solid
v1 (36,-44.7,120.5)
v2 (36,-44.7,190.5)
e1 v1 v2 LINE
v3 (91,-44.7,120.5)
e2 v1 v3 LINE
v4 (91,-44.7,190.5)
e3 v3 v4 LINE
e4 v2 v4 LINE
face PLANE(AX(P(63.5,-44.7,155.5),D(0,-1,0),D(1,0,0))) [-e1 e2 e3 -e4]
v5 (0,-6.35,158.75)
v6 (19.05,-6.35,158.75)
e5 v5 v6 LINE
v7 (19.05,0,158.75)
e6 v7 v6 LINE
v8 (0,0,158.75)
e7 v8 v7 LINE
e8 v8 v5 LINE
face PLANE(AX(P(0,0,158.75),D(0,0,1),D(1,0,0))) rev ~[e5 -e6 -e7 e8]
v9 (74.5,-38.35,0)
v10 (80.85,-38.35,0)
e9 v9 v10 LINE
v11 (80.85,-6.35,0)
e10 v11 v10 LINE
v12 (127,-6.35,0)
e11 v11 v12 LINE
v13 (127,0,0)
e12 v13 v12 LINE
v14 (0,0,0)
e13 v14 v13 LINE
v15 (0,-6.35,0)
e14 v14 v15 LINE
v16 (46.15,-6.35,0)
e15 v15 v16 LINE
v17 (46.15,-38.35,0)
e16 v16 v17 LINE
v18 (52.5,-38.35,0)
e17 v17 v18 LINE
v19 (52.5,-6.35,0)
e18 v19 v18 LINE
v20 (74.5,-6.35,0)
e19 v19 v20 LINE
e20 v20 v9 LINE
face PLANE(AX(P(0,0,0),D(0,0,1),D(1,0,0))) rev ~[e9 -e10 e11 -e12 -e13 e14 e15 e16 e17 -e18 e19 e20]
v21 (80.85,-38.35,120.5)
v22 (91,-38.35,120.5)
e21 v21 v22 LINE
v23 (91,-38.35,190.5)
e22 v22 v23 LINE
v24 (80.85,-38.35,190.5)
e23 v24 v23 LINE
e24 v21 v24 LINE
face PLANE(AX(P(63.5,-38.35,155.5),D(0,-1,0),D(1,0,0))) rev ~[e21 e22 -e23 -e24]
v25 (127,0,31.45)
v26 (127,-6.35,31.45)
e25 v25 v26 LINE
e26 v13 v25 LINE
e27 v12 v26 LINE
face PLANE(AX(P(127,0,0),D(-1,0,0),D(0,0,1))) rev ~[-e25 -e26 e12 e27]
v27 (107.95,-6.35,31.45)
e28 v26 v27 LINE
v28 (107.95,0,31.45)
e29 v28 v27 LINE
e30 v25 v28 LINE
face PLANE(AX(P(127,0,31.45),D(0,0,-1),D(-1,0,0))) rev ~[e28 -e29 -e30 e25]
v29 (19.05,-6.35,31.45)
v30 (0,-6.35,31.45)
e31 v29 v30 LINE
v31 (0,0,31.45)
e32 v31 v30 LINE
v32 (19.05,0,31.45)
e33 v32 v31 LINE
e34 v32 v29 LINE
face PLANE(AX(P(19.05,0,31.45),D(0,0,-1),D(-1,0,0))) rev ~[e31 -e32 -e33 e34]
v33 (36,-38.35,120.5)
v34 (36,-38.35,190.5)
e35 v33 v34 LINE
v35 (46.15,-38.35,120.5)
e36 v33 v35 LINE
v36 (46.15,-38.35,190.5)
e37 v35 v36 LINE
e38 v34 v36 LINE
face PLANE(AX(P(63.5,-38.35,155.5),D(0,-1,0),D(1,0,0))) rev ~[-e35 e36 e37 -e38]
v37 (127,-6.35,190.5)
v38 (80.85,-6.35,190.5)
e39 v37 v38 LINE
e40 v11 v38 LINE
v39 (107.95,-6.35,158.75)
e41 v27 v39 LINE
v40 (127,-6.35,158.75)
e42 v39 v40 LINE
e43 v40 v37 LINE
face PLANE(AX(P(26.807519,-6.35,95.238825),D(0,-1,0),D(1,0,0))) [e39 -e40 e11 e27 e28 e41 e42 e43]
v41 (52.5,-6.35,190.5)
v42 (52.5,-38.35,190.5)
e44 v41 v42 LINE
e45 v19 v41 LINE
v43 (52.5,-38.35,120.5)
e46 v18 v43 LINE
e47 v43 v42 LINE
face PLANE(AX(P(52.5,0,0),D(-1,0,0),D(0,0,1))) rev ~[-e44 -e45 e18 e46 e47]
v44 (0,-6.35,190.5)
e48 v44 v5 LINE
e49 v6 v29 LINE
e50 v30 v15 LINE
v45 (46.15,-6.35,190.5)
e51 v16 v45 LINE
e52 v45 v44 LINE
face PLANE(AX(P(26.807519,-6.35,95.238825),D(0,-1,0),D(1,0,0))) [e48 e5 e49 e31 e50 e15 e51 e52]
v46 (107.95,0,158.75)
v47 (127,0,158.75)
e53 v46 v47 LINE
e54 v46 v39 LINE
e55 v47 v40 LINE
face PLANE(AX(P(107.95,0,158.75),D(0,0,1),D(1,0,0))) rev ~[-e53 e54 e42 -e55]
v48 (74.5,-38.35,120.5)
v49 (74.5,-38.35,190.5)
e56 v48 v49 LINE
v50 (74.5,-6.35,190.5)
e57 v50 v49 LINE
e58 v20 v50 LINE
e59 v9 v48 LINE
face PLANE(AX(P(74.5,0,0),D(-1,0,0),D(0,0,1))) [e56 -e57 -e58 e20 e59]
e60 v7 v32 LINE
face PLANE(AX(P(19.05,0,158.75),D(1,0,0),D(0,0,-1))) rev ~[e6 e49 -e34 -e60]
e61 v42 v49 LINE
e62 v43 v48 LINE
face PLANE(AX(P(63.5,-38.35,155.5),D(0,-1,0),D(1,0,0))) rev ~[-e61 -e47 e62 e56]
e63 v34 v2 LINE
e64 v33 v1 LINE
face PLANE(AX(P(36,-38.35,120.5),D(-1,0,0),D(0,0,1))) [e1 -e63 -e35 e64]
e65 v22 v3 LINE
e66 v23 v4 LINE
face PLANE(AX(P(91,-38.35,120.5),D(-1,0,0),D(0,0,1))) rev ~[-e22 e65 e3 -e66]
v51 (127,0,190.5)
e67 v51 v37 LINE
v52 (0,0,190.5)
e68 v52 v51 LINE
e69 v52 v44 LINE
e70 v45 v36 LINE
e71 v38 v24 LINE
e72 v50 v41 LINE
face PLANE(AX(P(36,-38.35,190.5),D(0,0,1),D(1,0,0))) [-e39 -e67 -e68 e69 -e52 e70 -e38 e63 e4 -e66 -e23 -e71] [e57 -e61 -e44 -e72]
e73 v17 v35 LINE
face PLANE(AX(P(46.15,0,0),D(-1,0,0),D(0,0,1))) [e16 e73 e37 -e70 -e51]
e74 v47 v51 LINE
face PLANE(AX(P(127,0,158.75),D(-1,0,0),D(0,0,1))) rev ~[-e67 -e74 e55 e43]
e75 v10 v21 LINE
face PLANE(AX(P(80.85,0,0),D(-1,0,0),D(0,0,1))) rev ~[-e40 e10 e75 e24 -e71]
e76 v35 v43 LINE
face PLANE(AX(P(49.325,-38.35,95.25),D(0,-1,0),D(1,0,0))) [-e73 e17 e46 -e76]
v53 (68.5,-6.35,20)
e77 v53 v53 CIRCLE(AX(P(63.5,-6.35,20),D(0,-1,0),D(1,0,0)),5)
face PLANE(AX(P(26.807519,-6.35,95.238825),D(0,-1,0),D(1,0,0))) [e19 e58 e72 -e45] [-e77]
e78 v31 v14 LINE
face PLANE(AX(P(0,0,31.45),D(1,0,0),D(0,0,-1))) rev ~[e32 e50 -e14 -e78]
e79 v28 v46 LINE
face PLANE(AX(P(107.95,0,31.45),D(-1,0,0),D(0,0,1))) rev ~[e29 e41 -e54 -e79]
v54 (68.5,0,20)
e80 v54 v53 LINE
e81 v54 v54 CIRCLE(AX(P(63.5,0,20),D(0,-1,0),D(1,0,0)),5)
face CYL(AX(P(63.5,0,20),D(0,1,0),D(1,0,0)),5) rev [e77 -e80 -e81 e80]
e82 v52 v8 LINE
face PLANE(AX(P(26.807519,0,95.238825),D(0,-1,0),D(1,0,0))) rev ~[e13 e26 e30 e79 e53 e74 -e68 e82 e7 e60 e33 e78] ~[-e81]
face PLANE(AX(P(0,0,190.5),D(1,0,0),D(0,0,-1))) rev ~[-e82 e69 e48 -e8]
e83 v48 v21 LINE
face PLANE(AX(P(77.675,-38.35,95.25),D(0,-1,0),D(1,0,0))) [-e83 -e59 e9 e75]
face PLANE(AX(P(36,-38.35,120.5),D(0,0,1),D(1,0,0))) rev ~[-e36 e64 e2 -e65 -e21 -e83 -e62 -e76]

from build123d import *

# Parameters (mm, degrees)
F0_W     = 6.35
F0_H     = 190.5
F1_DEPTH = 38.35
F0_W_2   = 22
F0_R     = 5
F2_DEPTH = 6.35
F3_W     = 55
F3_H     = 70
F4_DEPTH = 6.35


with BuildPart() as f1:
    # F0 (on Front) → F1 (new body)
    with BuildSketch(Plane.XZ):
        with Locations((49.325, 95.25)):
            Rectangle(F0_W, F0_H)
        with Locations((77.675, 95.25)):
            Rectangle(F0_W, F0_H)
    extrude(amount=F1_DEPTH)

    # F0 (on Front) → F2 (join)
    with BuildSketch(Plane.XZ):
        Polygon((0, 25.1), (0, 0), (46.15, 0), (46.15, 190.5), (0, 190.5), (0, 158.75), (19.05, 158.75), (19.05, 31.45), (0, 31.45), align=None)
        with Locations((49.325, 95.25)):
            Rectangle(F0_W, F0_H)
        with Locations((63.5, 95.25)):
            Rectangle(F0_W_2, F0_H)
        with Locations((63.5, 20)):
            Circle(F0_R, mode=Mode.SUBTRACT)
        with Locations((77.675, 95.25)):
            Rectangle(F0_W, F0_H)
        Polygon((80.85, 190.5), (80.85, 0), (127, 0), (127, 31.45), (107.95, 31.45), (107.95, 158.75), (127, 158.75), (127, 190.5), align=None)
    extrude(amount=F2_DEPTH)

    # F3 (on face) → F4 (join)
    with BuildSketch(Plane.XZ.offset(38.35)):
        with Locations((63.5, 155.5)):
            Rectangle(F3_W, F3_H)
    extrude(amount=F4_DEPTH)


solid = f1.part
